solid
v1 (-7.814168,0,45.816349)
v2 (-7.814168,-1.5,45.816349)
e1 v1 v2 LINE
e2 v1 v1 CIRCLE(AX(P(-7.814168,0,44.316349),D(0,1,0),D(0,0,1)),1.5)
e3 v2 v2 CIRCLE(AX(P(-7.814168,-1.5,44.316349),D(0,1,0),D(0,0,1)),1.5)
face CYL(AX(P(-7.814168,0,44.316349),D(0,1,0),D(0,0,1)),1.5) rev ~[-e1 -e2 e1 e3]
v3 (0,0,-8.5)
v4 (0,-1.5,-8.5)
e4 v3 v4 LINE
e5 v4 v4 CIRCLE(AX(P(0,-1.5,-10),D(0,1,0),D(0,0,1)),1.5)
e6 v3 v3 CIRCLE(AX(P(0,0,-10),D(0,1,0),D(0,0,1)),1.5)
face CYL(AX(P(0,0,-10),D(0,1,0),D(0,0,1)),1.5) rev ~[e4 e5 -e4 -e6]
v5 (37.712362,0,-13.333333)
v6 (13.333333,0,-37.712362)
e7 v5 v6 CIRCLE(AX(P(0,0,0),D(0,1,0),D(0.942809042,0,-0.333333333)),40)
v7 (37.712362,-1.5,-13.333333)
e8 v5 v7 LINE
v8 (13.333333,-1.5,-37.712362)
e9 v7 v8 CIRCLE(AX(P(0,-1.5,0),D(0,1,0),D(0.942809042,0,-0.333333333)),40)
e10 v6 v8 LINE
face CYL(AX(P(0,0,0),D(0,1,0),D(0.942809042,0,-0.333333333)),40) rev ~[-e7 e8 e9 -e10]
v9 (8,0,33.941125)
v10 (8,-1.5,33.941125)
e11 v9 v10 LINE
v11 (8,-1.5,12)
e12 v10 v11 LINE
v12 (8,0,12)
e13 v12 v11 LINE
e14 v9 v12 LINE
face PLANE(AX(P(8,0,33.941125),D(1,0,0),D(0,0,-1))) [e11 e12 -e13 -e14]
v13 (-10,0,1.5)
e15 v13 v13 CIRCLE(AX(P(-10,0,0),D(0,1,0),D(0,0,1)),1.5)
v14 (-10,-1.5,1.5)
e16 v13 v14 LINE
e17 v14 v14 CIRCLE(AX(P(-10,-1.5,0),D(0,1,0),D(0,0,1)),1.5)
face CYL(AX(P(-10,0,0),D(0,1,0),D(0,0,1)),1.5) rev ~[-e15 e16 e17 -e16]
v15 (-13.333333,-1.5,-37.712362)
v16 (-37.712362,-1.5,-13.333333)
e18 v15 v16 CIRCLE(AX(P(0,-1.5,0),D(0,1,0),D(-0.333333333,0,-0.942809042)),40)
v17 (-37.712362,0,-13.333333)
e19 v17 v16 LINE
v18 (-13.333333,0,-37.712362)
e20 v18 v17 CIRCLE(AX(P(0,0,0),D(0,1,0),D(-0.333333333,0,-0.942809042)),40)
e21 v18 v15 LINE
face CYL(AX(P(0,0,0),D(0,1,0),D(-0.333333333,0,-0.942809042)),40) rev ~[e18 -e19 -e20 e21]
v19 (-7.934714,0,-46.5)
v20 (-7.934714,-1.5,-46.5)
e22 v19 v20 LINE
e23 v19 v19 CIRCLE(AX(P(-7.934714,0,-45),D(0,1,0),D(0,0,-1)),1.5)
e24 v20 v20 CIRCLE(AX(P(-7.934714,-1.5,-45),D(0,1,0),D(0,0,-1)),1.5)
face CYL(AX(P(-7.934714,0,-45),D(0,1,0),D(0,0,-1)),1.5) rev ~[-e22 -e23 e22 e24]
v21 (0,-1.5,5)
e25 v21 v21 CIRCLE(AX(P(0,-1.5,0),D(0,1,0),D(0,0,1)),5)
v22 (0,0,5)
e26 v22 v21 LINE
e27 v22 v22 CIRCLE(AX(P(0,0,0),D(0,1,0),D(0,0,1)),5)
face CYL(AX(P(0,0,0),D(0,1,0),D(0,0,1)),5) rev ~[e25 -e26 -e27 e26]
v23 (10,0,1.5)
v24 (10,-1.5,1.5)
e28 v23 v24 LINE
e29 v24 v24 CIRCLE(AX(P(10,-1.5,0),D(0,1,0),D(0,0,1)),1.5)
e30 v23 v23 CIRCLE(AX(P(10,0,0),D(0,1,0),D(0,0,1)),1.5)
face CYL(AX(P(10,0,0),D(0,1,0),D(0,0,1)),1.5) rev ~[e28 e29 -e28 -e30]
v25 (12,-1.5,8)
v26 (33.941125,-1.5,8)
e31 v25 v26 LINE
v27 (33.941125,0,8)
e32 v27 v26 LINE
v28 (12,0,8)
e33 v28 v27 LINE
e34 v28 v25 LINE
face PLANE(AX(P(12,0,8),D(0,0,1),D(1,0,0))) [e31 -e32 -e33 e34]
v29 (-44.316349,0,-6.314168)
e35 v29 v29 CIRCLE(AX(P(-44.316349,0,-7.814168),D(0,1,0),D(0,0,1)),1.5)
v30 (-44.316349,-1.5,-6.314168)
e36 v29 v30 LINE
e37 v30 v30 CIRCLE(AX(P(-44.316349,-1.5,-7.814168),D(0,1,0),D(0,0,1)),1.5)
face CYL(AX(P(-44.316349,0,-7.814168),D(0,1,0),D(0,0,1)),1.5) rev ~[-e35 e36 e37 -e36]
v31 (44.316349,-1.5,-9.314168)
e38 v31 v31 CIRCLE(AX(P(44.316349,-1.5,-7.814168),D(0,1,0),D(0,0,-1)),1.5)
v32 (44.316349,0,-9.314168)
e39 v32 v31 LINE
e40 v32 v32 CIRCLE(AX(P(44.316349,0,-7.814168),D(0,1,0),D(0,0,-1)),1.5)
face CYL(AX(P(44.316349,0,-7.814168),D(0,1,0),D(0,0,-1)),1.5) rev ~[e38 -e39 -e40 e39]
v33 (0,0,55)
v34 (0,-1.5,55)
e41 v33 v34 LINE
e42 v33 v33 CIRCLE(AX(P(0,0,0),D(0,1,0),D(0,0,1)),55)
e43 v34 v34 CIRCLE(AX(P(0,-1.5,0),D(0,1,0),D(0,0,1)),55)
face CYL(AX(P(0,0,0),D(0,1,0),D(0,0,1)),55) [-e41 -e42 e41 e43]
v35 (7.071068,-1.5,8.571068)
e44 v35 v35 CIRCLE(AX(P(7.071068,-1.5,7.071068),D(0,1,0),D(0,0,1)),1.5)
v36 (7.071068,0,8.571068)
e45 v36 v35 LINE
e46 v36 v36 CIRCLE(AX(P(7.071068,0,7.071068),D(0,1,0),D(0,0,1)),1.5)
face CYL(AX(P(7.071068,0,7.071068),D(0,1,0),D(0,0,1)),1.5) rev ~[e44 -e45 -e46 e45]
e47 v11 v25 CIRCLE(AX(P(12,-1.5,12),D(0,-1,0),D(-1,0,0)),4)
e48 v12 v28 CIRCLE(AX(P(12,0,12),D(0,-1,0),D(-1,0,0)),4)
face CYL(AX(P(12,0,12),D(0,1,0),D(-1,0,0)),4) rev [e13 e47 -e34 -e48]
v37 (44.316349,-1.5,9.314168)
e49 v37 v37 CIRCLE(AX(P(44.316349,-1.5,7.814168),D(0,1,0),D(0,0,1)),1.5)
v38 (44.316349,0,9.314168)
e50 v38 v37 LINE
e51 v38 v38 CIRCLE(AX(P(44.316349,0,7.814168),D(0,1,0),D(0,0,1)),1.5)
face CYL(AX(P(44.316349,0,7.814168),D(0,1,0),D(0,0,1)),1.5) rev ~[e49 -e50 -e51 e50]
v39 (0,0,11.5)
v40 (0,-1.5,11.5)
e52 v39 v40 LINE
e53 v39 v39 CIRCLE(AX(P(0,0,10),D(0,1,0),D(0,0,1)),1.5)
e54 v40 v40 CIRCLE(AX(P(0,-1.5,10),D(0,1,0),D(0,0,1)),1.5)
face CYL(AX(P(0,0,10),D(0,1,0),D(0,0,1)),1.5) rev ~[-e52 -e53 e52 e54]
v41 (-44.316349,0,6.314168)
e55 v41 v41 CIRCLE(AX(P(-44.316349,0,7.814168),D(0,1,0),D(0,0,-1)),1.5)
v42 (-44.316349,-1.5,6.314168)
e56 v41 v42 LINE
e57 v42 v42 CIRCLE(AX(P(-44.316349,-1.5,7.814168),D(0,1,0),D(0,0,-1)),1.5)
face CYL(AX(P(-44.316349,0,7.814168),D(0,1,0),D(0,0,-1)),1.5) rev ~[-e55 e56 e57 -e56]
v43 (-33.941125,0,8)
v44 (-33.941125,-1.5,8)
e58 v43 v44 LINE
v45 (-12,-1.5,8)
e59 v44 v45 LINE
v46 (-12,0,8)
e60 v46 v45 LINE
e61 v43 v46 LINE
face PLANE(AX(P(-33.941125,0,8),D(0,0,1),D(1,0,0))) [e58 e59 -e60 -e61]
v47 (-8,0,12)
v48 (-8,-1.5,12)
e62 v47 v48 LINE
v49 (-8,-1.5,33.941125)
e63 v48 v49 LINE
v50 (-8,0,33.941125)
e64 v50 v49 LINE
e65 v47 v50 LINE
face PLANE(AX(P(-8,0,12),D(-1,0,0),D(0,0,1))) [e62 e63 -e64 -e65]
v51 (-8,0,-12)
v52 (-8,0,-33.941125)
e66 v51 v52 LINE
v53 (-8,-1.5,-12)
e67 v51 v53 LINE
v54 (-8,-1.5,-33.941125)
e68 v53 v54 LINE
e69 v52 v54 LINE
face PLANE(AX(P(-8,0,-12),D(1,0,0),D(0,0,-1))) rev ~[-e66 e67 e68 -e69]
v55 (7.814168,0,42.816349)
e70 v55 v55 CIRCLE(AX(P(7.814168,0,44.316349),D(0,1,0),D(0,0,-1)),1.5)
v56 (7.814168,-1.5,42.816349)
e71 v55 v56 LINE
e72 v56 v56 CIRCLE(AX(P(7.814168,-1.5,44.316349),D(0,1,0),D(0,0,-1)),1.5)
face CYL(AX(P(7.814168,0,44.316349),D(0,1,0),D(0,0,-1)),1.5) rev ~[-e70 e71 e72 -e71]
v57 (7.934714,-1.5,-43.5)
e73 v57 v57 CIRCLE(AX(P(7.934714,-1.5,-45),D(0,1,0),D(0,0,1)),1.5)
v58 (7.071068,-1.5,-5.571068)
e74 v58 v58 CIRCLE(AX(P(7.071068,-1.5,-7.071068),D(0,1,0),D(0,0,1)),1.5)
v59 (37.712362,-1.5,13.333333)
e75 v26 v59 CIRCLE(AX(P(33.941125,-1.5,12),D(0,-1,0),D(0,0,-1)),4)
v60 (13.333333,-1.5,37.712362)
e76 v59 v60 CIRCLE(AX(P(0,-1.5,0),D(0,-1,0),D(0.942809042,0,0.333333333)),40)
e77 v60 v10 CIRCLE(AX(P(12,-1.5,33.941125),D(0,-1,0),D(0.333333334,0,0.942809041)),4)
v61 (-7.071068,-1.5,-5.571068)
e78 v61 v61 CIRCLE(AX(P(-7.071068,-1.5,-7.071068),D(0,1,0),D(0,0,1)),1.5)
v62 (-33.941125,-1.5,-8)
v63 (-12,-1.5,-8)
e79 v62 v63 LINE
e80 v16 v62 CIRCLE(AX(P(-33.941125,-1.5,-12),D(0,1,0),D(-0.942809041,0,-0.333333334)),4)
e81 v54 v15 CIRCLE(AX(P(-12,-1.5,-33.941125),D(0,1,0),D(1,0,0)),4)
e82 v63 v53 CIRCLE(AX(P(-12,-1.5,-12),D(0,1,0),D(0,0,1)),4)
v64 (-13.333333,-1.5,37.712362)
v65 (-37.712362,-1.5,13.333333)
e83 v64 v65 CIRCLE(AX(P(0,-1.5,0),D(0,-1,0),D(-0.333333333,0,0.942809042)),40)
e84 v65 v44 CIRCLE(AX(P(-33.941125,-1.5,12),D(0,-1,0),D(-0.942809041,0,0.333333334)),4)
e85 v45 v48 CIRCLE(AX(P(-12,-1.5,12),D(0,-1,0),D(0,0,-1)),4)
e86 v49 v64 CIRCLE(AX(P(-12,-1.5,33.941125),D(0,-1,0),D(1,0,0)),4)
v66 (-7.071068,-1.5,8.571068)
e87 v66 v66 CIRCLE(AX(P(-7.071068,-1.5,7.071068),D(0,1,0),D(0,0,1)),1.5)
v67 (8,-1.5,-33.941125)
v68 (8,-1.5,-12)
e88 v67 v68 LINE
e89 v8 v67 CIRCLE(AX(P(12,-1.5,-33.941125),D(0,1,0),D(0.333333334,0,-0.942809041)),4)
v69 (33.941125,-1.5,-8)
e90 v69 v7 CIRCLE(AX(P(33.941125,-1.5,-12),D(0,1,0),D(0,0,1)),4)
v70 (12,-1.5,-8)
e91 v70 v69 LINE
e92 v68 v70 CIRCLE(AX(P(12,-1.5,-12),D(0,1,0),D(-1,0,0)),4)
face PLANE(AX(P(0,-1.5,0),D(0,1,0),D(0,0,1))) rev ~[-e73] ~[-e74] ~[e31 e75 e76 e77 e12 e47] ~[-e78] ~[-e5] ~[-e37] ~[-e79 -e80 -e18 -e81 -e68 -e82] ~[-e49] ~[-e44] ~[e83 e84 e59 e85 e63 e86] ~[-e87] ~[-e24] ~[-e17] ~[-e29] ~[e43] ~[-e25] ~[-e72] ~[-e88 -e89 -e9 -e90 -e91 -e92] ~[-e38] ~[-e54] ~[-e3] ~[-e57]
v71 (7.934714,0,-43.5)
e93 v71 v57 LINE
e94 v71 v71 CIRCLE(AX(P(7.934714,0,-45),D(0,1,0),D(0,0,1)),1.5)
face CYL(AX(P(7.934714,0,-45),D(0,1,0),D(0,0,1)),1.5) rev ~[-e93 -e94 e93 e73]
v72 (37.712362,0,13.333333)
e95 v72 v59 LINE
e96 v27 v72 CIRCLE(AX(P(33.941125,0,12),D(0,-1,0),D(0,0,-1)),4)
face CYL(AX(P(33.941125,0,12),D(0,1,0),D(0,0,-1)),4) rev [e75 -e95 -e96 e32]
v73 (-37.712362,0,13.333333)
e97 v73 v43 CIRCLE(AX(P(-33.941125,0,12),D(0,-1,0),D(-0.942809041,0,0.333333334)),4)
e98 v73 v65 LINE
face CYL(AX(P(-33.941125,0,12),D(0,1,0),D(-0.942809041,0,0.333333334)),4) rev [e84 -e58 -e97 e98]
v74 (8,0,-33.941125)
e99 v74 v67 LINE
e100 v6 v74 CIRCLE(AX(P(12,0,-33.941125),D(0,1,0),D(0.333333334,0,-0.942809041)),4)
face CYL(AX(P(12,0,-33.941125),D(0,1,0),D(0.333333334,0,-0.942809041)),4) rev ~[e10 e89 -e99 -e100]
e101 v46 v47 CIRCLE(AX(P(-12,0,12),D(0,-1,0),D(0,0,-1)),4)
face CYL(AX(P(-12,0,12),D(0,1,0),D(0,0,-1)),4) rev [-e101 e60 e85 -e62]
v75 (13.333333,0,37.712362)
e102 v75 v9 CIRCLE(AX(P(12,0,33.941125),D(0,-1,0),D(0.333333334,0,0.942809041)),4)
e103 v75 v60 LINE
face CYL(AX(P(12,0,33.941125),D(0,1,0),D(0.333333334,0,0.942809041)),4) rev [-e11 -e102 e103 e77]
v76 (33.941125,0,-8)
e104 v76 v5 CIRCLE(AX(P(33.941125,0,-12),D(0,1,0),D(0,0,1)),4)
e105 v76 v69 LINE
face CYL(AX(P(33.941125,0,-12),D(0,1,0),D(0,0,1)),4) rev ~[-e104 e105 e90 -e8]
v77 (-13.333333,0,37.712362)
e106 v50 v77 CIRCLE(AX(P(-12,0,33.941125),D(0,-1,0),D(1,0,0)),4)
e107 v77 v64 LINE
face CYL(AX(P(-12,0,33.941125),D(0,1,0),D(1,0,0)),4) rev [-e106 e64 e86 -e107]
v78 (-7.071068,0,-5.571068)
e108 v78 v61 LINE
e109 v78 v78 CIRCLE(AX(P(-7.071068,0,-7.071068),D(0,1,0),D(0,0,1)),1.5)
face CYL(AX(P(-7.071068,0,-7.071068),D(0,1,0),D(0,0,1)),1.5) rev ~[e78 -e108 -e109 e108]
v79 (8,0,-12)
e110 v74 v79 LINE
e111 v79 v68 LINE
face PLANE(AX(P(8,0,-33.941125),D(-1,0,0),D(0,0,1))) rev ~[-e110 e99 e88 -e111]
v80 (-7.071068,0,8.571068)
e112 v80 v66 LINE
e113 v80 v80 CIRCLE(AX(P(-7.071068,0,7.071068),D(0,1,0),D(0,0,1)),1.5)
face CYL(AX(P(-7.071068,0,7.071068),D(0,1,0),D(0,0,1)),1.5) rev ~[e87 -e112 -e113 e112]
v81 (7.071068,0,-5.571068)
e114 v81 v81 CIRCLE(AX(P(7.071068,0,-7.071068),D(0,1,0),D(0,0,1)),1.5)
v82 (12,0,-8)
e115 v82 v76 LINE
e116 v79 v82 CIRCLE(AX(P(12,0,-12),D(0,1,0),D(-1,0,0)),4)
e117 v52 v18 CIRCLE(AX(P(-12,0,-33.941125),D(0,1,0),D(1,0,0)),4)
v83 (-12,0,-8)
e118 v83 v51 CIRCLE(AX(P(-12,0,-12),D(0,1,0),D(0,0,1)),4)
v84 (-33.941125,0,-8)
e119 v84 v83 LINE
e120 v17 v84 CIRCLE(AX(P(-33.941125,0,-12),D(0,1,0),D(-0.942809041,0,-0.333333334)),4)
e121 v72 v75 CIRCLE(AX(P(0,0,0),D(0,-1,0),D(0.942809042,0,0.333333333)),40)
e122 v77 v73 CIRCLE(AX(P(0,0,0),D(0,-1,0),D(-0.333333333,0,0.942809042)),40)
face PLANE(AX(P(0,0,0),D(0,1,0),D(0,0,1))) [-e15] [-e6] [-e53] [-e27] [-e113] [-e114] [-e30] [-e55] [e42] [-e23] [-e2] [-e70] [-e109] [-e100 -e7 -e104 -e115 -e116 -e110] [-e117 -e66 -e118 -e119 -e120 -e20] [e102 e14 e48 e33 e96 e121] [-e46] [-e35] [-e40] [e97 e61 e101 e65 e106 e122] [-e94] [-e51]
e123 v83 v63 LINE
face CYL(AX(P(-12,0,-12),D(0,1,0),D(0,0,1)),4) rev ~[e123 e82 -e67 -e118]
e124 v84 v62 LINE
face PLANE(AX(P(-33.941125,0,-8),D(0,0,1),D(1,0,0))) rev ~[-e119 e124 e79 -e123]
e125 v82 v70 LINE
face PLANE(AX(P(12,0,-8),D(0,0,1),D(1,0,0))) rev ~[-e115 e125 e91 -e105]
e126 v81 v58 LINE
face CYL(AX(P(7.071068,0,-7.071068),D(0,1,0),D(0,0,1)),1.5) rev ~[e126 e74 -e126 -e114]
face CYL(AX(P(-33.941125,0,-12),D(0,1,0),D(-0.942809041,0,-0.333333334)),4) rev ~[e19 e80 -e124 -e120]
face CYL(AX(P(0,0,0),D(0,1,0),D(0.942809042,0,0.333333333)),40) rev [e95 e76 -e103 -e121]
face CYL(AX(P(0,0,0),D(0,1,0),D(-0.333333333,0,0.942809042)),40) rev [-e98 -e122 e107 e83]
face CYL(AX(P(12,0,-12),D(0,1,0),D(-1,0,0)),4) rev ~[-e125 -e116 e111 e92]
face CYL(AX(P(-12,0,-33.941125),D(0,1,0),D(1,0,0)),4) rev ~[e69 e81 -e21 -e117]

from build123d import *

# Parameters (mm, degrees)
SKETCH1_R           = 55
SKETCH1_R_2         = 5
BOSS_EXTRUDE1_DEPTH = 1.5
SKETCH2_R           = 1.5
CUT_EXTRUDE1_DEPTH  = 1.5


with BuildPart() as part:
    # Sketch1 → Boss-Extrude1 (new body)
    with BuildSketch(Plane(origin=(0, 0, 0), x_dir=(1, 0, 0), z_dir=(0, 1, 0))):
        with Locations(Location((0, 0, 0), (0, 0, 270))):
            Circle(SKETCH1_R)
        with Locations(Location((0, 0, 0), (0, 0, 270))):
            Circle(SKETCH1_R_2, mode=Mode.SUBTRACT)
        with BuildLine():
            Line((8, 33.941125497), (8, 12))
            ThreePointArc((8, 12), (9.171572875, 9.171572875), (12, 8))
            Line((12, 8), (33.941125497, 8))
            ThreePointArc((33.941125497, 8), (37.207111821, 9.690598923), (37.712361663, 13.333333333))
            ThreePointArc((37.712361663, 13.333333333), (28.284271247, 28.284271247), (13.333333333, 37.712361663))
            ThreePointArc((13.333333333, 37.712361663), (9.690598923, 37.207111821), (8, 33.941125497))
        make_face(mode=Mode.SUBTRACT)
        with BuildLine():
            Line((-33.941125497, 8), (-12, 8))
            ThreePointArc((-12, 8), (-9.171572875, 9.171572875), (-8, 12))
            Line((-8, 12), (-8, 33.941125497))
            ThreePointArc((-8, 33.941125497), (-9.690598923, 37.207111821), (-13.333333333, 37.712361663))
            ThreePointArc((-13.333333333, 37.712361663), (-28.284271247, 28.284271247), (-37.712361663, 13.333333333))
            ThreePointArc((-37.712361663, 13.333333333), (-37.207111821, 9.690598923), (-33.941125497, 8))
        make_face(mode=Mode.SUBTRACT)
        with BuildLine():
            Line((-33.941125497, -8), (-12, -8))
            ThreePointArc((-12, -8), (-9.171572875, -9.171572875), (-8, -12))
            Line((-8, -12), (-8, -33.941125497))
            ThreePointArc((-8, -33.941125497), (-9.690598923, -37.207111821), (-13.333333333, -37.712361663))
            ThreePointArc((-13.333333333, -37.712361663), (-28.284271247, -28.284271247), (-37.712361663, -13.333333333))
            ThreePointArc((-37.712361663, -13.333333333), (-37.207111821, -9.690598923), (-33.941125497, -8))
        make_face(mode=Mode.SUBTRACT)
        with BuildLine():
            Line((12, -8), (33.941125497, -8))
            ThreePointArc((33.941125497, -8), (37.207111821, -9.690598923), (37.712361663, -13.333333333))
            ThreePointArc((37.712361663, -13.333333333), (28.284271247, -28.284271247), (13.333333333, -37.712361663))
            ThreePointArc((13.333333333, -37.712361663), (9.690598923, -37.207111821), (8, -33.941125497))
            Line((8, -33.941125497), (8, -12))
            ThreePointArc((8, -12), (9.171572875, -9.171572875), (12, -8))
        make_face(mode=Mode.SUBTRACT)
    extrude(amount=-BOSS_EXTRUDE1_DEPTH)

    # Sketch2 → Cut-Extrude1 (cut)
    with BuildSketch(Plane(origin=(0, 0, 0), x_dir=(1, 0, 0), z_dir=(0, 1, 0))):
        with Locations(Location((10, 0, 0), (0, 0, 270))):
            Circle(SKETCH2_R)
        with Locations(Location((7.071067812, -7.071067812, 0), (0, 0, 270))):
            Circle(SKETCH2_R)
        with Locations(Location((0, -10, 0), (0, 0, 270))):
            Circle(SKETCH2_R)
        with Locations(Location((-7.071067812, -7.071067812, 0), (0, 0, 270))):
            Circle(SKETCH2_R)
        with Locations(Location((-10, 0, 0), (0, 0, 270))):
            Circle(SKETCH2_R)
        with Locations(Location((-7.071067812, 7.071067812, 0), (0, 0, 270))):
            Circle(SKETCH2_R)
        with Locations(Location((0, 10, 0), (0, 0, 270))):
            Circle(SKETCH2_R)
        with Locations(Location((7.071067812, 7.071067812, 0), (0, 0, 270))):
            Circle(SKETCH2_R)
        with Locations(Location((-44.316348886, 7.814167995, 0), (0, 0, 270))):
            Circle(SKETCH2_R)
        with Locations(Location((-44.316348886, -7.814167995, 0), (0, 0, 90))):
            Circle(SKETCH2_R)
        with Locations(Location((7.934714132, 45, 0), (0, 0, 270))):
            Circle(SKETCH2_R)
        with Locations(Location((-7.934714132, 45, 0), (0, 0, 90))):
            Circle(SKETCH2_R)
        with Locations(Location((44.316348886, -7.814167995, 0), (0, 0, 270))):
            Circle(SKETCH2_R)
        with Locations(Location((44.316348886, 7.814167995, 0), (0, 0, 90))):
            Circle(SKETCH2_R)
        with Locations(Location((-7.814167995, -44.316348886, 0), (0, 0, 270))):
            Circle(SKETCH2_R)
        with Locations(Location((7.814167995, -44.316348886, 0), (0, 0, 90))):
            Circle(SKETCH2_R)
    extrude(amount=-CUT_EXTRUDE1_DEPTH, mode=Mode.SUBTRACT)


solid = part.part
